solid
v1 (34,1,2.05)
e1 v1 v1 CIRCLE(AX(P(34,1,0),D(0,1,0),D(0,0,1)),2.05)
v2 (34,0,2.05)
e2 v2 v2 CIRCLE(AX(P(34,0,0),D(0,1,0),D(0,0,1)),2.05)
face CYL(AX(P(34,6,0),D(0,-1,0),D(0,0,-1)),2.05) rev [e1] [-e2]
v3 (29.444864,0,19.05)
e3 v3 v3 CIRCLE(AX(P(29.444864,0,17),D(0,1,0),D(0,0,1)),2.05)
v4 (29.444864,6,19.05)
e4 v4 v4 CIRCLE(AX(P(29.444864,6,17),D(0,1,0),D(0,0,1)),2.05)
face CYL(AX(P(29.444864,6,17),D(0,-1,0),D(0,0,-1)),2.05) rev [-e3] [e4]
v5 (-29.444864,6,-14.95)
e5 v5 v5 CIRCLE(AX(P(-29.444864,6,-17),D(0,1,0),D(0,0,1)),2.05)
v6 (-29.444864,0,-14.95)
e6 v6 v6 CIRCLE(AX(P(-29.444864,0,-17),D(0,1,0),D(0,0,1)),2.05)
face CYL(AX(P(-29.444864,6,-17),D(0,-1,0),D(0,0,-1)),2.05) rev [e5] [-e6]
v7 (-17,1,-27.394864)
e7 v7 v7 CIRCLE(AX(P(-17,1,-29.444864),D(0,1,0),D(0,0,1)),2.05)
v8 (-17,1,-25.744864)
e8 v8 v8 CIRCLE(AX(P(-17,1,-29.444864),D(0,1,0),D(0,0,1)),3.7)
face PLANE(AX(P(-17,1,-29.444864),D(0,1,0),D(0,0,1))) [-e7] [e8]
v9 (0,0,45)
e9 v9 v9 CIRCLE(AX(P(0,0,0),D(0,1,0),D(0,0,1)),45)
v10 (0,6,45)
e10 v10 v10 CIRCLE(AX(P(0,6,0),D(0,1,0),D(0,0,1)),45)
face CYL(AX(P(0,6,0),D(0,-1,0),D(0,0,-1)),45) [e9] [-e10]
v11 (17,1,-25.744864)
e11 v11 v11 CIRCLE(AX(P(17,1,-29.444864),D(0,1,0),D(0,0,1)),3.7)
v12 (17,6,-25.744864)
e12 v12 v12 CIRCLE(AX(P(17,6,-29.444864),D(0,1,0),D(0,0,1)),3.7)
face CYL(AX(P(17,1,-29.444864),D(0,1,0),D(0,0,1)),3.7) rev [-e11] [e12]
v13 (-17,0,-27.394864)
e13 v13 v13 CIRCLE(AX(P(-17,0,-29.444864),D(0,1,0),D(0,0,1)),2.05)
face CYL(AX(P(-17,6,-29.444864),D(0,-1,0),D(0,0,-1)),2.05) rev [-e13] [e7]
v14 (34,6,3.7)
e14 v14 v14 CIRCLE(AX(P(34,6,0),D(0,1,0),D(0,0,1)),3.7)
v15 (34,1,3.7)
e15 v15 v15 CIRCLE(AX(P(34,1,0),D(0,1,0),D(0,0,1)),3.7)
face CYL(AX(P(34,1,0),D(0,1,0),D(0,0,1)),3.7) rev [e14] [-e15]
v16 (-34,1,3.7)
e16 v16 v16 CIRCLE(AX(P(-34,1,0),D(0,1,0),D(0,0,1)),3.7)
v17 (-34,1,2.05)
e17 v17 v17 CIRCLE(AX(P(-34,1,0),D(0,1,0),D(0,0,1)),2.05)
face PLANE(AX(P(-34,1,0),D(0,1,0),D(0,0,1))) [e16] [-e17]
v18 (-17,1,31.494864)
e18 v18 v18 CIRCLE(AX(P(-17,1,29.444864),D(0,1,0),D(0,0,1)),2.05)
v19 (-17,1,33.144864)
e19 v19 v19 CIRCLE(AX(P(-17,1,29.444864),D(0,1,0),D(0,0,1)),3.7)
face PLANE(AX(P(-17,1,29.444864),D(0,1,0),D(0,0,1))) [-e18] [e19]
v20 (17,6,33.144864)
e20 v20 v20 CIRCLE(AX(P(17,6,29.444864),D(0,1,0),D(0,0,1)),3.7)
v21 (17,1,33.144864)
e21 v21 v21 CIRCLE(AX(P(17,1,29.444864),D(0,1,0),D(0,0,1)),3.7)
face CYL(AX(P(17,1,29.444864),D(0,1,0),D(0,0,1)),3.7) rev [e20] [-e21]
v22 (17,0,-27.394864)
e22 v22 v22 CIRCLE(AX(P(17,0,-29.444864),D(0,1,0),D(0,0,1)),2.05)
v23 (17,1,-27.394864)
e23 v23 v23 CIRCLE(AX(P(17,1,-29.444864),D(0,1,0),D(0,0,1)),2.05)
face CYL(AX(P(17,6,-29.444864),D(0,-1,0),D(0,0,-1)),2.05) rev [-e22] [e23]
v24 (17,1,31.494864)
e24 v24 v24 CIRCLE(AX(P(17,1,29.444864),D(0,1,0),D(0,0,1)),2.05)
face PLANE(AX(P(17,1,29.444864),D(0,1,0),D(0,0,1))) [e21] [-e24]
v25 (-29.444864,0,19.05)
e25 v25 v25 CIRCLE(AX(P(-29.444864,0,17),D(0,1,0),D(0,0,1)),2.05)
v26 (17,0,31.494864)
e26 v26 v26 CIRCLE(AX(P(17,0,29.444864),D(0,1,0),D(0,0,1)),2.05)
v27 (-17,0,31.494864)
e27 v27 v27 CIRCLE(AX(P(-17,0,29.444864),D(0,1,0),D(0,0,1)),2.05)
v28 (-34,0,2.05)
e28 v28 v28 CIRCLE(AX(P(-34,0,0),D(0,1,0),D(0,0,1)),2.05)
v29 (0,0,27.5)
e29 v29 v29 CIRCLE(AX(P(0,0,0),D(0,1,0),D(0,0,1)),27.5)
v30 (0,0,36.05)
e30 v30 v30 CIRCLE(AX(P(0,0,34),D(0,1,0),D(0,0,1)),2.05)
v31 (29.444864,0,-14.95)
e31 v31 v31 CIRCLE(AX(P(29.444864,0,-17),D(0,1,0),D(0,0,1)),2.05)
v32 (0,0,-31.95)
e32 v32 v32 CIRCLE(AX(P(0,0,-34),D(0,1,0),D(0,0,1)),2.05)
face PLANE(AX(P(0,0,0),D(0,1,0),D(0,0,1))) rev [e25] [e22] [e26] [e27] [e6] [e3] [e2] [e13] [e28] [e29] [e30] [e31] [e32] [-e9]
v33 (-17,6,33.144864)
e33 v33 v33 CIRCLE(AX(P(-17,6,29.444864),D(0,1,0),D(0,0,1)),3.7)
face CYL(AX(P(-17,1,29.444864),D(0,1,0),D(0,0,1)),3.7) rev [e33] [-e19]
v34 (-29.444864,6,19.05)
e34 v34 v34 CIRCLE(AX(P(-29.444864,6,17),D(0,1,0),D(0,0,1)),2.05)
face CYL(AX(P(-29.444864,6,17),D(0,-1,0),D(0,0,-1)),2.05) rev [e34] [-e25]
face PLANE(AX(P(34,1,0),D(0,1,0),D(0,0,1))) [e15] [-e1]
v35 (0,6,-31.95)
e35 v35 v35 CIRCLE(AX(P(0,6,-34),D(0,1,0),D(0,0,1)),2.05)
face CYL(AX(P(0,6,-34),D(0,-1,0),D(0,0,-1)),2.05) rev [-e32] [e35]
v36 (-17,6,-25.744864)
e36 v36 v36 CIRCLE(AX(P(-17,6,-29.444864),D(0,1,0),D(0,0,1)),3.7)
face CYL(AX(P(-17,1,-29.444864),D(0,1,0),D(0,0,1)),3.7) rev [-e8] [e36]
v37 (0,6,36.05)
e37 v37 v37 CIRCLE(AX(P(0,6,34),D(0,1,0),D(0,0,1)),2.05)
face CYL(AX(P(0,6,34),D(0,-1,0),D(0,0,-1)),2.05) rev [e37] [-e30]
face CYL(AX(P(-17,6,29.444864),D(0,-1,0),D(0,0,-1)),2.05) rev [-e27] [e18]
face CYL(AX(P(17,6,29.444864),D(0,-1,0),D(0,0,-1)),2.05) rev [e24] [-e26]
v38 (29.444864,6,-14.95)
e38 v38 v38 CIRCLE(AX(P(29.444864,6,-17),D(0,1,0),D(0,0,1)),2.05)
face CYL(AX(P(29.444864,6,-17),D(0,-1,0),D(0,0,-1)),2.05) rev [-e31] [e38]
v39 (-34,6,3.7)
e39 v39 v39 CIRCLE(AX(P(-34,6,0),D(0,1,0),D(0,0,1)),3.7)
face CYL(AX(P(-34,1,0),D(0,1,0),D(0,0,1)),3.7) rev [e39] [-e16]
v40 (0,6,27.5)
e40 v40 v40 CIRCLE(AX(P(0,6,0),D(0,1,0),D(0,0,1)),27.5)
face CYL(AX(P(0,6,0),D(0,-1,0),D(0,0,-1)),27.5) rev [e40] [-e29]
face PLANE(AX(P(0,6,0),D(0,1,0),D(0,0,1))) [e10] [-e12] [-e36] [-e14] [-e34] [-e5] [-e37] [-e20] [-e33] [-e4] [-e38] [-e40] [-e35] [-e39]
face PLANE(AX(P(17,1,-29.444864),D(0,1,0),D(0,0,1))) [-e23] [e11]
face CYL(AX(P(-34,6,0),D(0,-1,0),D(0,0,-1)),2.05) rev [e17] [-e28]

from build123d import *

# Parameters (mm, degrees)
SKETCH_1_R          = 45
SKETCH_1_R_2        = 2.05
SKETCH_1_R_3        = 27.5
EXTRUDE_1_DEPTH     = 6
SKETCH_2_R          = 3.7
CUT_EXTRUDE_1_DEPTH = 5


with BuildPart() as part:
    # 草图1 → 凸台-拉伸1 (new body)
    with BuildSketch(Plane(origin=(0, 0, 0), x_dir=(1, 0, 0), z_dir=(0, 1, 0))):
        with Locations(Location((0, 0, 0), (0, 0, 270))):
            Circle(SKETCH_1_R)
        with Locations(Location((34, 0, 0), (0, 0, 270))):
            Circle(SKETCH_1_R_2, mode=Mode.SUBTRACT)
        with Locations(Location((29.444863729, -17, 0), (0, 0, 270))):
            Circle(SKETCH_1_R_2, mode=Mode.SUBTRACT)
        with Locations(Location((17, -29.444863729, 0), (0, 0, 270))):
            Circle(SKETCH_1_R_2, mode=Mode.SUBTRACT)
        with Locations(Location((0, -34, 0), (0, 0, 270))):
            Circle(SKETCH_1_R_2, mode=Mode.SUBTRACT)
        with Locations(Location((-17, -29.444863729, 0), (0, 0, 270))):
            Circle(SKETCH_1_R_2, mode=Mode.SUBTRACT)
        with Locations(Location((-29.444863729, -17, 0), (0, 0, 270))):
            Circle(SKETCH_1_R_2, mode=Mode.SUBTRACT)
        with Locations(Location((-34, 0, 0), (0, 0, 270))):
            Circle(SKETCH_1_R_2, mode=Mode.SUBTRACT)
        with Locations(Location((-29.444863729, 17, 0), (0, 0, 270))):
            Circle(SKETCH_1_R_2, mode=Mode.SUBTRACT)
        with Locations(Location((-17, 29.444863729, 0), (0, 0, 270))):
            Circle(SKETCH_1_R_2, mode=Mode.SUBTRACT)
        with Locations(Location((0, 34, 0), (0, 0, 270))):
            Circle(SKETCH_1_R_2, mode=Mode.SUBTRACT)
        with Locations(Location((17, 29.444863729, 0), (0, 0, 270))):
            Circle(SKETCH_1_R_2, mode=Mode.SUBTRACT)
        with Locations(Location((29.444863729, 17, 0), (0, 0, 270))):
            Circle(SKETCH_1_R_2, mode=Mode.SUBTRACT)
        with Locations(Location((0, 0, 0), (0, 0, 270))):
            Circle(SKETCH_1_R_3, mode=Mode.SUBTRACT)
    extrude(amount=EXTRUDE_1_DEPTH)

    # 草图2 → 切除-拉伸1 (cut)
    with BuildSketch(Plane(origin=(0, 6, 0), x_dir=(1, 0, 0), z_dir=(0, 1, 0))):
        with Locations(Location((34, 0, 0), (0, 0, 270))):
            Circle(SKETCH_2_R)
        with Locations(Location((17, -29.444863729, 0), (0, 0, 270))):
            Circle(SKETCH_2_R)
        with Locations(Location((-17, -29.444863729, 0), (0, 0, 270))):
            Circle(SKETCH_2_R)
        with Locations(Location((-34, 0, 0), (0, 0, 270))):
            Circle(SKETCH_2_R)
        with Locations(Location((-17, 29.444863729, 0), (0, 0, 270))):
            Circle(SKETCH_2_R)
        with Locations(Location((17, 29.444863729, 0), (0, 0, 270))):
            Circle(SKETCH_2_R)
    extrude(amount=-CUT_EXTRUDE_1_DEPTH, mode=Mode.SUBTRACT)


solid = part.part
